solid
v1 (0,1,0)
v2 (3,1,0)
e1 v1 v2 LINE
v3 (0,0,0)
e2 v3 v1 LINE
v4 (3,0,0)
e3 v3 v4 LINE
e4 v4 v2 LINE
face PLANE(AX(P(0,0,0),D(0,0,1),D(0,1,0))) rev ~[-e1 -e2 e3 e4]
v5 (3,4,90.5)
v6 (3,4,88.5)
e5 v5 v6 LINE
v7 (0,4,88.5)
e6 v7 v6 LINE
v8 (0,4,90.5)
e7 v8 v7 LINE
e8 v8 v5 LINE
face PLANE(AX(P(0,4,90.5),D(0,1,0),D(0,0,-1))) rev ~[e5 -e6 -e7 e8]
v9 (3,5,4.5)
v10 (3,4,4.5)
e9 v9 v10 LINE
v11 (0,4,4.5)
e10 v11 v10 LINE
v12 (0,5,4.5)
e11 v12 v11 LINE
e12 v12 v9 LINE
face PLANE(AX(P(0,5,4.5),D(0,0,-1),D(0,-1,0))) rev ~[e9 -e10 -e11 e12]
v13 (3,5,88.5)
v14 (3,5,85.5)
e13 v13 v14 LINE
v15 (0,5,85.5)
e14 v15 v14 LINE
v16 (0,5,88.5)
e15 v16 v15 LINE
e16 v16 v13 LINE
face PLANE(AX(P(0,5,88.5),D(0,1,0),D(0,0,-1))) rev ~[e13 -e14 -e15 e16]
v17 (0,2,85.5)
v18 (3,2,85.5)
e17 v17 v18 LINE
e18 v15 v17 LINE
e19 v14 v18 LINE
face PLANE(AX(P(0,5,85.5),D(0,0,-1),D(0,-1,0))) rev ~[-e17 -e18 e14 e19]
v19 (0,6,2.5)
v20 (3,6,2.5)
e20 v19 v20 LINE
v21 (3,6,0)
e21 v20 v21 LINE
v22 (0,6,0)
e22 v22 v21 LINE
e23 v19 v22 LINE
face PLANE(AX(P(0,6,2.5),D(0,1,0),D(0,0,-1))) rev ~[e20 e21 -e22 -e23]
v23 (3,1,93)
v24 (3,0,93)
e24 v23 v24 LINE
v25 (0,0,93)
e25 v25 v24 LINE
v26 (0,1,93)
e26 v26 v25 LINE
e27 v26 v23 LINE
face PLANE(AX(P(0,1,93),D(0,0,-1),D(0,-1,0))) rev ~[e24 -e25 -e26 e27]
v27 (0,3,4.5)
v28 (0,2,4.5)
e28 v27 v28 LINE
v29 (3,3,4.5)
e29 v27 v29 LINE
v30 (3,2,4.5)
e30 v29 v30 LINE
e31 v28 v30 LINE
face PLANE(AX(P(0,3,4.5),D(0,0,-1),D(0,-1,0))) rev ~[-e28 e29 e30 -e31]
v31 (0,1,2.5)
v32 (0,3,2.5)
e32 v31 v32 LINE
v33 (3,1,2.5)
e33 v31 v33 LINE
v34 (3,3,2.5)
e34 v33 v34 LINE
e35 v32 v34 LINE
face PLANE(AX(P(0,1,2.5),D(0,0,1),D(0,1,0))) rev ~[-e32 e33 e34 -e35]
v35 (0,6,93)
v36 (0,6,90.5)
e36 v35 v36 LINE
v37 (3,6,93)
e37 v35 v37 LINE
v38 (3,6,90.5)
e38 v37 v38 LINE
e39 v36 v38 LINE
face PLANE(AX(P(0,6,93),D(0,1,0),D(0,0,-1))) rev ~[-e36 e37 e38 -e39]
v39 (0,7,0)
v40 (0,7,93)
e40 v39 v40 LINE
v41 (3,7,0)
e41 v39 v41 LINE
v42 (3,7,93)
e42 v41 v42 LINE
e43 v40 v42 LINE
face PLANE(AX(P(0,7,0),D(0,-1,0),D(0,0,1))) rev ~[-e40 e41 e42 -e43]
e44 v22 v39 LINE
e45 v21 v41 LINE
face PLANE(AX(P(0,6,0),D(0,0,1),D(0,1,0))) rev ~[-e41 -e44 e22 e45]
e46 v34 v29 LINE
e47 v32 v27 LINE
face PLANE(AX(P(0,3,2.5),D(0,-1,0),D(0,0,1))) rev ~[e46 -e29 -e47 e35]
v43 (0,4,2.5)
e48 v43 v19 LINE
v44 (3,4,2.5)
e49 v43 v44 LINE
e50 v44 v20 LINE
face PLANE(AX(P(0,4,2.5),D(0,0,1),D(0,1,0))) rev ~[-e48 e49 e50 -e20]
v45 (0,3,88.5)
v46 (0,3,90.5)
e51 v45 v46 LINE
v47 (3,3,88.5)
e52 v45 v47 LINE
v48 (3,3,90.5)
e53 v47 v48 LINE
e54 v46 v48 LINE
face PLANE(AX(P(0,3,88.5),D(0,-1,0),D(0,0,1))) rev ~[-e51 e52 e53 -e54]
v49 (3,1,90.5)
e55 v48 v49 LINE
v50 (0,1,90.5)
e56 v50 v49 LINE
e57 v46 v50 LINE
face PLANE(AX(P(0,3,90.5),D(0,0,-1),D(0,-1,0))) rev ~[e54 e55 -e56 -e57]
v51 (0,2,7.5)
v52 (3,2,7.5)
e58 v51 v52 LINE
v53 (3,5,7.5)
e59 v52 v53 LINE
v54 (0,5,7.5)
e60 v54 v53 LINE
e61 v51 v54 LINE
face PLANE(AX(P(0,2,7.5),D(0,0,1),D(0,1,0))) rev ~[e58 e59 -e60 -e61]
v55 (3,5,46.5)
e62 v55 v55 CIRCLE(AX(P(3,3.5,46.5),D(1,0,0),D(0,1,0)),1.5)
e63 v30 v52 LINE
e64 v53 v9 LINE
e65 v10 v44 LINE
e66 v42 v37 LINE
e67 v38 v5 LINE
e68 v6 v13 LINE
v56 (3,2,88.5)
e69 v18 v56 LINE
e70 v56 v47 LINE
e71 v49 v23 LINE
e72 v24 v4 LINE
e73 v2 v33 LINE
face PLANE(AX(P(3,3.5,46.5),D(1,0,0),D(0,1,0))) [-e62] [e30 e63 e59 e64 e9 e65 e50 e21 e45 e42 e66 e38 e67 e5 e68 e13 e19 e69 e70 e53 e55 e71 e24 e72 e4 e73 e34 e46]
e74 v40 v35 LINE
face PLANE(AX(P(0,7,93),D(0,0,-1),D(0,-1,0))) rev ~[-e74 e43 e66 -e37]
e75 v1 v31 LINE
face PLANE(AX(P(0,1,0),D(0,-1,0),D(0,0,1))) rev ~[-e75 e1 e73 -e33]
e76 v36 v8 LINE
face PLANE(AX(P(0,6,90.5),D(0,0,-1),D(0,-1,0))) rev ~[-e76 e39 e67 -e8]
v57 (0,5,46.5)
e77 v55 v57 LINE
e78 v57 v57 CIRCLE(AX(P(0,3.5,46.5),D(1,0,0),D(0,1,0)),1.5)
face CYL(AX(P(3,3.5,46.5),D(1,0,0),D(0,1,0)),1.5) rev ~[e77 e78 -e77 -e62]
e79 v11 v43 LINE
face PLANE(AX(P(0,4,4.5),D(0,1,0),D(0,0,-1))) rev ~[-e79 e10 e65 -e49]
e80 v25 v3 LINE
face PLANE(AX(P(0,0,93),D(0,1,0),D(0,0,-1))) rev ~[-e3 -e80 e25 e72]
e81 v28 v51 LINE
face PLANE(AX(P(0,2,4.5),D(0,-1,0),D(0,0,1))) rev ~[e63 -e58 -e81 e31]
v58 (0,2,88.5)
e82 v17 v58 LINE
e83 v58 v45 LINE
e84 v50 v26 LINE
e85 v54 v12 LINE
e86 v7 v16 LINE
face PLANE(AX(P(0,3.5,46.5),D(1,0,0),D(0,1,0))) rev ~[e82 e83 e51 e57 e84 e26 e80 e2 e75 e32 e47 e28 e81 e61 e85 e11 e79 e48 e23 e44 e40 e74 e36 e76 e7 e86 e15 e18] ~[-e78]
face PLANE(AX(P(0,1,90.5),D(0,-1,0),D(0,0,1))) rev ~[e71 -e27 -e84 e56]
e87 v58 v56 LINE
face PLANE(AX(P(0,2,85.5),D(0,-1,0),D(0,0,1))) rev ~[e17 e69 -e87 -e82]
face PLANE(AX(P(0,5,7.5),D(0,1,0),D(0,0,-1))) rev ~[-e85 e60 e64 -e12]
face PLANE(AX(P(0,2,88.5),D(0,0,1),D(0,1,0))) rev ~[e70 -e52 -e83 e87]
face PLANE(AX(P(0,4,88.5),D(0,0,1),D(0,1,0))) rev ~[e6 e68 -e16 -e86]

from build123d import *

# Parameters (mm, degrees)
F1_DEPTH = 3
F2_R     = 1.5
F3_DEPTH = 3.001


with BuildPart() as f1:
    # F0 (on Right) → F1 (new body)
    with BuildSketch(Plane.YZ):
        Polygon((0, 93), (0, 0), (1, 0), (1, 2.5), (3, 2.5), (3, 4.5), (2, 4.5), (2, 7.5), (5, 7.5), (5, 4.5), (4, 4.5), (4, 2.5), (6, 2.5), (6, 0), (7, 0), (7, 93), (6, 93), (6, 90.5), (4, 90.5), (4, 88.5), (5, 88.5), (5, 85.5), (2, 85.5), (2, 88.5), (3, 88.5), (3, 90.5), (1, 90.5), (1, 93), align=None)
    extrude(amount=F1_DEPTH)

    # F2 (on face) → F3 (cut, through all)
    with BuildSketch(Plane.YZ.offset(3)):
        with Locations((3.5, 46.5)):
            Circle(F2_R)
    extrude(amount=-F3_DEPTH, mode=Mode.SUBTRACT)


solid = f1.part
